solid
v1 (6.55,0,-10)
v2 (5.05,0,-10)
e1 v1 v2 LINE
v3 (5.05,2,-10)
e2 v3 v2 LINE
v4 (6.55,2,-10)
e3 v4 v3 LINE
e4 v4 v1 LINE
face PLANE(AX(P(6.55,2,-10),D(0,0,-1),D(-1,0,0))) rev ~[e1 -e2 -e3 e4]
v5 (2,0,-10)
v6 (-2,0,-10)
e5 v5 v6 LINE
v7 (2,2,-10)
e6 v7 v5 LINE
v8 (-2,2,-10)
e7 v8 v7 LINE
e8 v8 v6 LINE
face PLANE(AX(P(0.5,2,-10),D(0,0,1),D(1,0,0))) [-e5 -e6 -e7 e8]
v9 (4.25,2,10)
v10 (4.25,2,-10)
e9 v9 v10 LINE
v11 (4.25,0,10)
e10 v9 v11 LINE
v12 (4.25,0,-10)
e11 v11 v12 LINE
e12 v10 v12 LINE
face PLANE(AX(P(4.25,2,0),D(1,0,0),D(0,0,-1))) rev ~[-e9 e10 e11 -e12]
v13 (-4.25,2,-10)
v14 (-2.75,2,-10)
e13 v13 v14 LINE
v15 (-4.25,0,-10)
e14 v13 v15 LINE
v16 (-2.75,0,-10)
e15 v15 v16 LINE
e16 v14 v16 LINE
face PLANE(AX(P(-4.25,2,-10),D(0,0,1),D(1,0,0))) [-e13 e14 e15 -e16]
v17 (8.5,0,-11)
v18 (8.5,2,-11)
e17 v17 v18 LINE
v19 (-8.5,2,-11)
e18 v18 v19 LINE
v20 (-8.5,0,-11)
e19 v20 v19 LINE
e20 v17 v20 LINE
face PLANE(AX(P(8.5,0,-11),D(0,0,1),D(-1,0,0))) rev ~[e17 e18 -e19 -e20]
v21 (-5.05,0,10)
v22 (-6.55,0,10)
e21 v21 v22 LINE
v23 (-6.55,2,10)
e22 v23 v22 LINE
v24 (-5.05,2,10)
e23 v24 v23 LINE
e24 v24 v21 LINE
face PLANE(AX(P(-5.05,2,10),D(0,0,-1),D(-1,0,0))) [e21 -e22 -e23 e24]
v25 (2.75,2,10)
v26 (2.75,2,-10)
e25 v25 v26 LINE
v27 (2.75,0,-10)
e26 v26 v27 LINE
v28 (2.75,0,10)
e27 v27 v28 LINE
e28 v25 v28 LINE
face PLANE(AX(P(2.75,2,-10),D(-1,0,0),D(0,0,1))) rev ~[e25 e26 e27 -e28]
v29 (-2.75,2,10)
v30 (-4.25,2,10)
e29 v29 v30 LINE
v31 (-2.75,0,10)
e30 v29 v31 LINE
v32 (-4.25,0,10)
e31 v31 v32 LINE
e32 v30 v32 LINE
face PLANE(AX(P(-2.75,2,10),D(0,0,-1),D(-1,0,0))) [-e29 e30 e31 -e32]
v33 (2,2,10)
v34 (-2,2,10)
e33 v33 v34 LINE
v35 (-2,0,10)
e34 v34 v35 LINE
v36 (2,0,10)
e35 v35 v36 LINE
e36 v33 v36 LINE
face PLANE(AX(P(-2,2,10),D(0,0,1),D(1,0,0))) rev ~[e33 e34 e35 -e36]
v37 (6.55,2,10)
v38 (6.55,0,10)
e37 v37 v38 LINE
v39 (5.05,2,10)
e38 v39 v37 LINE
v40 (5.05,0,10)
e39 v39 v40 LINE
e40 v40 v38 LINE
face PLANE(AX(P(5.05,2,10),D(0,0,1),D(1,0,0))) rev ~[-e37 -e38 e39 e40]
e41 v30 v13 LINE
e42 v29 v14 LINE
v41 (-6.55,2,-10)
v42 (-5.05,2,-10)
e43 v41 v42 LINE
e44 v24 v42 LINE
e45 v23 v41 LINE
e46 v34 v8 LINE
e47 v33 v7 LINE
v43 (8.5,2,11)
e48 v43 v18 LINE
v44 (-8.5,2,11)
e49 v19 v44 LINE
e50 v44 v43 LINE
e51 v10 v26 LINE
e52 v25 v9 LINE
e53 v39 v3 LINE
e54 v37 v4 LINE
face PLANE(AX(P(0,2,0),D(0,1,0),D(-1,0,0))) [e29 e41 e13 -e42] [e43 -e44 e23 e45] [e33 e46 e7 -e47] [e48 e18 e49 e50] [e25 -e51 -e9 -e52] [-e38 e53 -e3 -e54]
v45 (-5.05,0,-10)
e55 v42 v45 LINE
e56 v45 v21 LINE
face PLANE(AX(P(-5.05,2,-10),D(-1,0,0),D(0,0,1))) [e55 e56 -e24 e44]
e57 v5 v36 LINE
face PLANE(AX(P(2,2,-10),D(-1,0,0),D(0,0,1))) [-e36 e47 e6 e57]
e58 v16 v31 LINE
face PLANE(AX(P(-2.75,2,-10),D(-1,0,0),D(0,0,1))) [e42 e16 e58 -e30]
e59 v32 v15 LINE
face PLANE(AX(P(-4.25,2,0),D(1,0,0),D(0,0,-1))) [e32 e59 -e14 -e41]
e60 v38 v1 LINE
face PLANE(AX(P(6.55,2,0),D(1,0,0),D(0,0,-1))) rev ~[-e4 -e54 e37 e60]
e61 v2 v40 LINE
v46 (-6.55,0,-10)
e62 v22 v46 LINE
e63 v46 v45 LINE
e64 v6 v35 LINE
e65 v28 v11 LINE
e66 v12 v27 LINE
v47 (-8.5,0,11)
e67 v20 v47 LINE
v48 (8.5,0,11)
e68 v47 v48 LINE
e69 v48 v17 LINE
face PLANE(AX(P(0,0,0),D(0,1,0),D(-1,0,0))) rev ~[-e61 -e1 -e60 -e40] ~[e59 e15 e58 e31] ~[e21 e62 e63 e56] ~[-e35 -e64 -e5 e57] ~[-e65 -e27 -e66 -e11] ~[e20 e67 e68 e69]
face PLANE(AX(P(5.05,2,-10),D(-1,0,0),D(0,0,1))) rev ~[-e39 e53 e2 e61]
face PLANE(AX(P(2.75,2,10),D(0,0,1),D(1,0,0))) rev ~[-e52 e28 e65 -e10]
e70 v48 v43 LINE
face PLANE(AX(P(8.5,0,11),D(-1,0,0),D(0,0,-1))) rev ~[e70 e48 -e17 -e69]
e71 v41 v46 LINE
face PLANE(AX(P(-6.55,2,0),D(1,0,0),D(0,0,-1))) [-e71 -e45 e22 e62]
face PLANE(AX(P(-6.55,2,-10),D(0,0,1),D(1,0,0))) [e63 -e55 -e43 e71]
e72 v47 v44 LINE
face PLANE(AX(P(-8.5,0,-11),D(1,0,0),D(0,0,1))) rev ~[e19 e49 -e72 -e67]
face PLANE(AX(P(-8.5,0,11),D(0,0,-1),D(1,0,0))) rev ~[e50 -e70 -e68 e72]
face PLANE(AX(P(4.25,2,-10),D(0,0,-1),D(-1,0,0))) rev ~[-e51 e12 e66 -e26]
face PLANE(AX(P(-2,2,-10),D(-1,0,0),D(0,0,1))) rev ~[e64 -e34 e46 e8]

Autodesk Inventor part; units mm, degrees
ref_plane "YZ Plane" through (0, 0, 0) normal (1, 0, 0) x (0, 1, 0)
ref_plane "XZ Plane" through (0, 0, 0) normal (0, 1, 0) x (-1, 0, 0)
ref_plane "XY Plane" through (0, 0, 0) normal (0, 0, 1) x (1, 0, 0)
sketch "Sketch1" plane through (0, 0, 0) normal (0, 1, 0) x (-1, 0, 0)
  line L0 (8.5, 11) -> (-8.5, 11)
  line L1 (-8.5, 11) -> (-8.5, -11)
  line L2 (-8.5, -11) -> (8.5, -11)
  line L3 (8.5, -11) -> (8.5, 11)
  line L4 (8.5, 11) -> (-8.5, -11) construction
  line L5 (-8.5, 11) -> (8.5, -11) construction
  point P0 (0, 0)
  dimension "d0" = 17
  dimension "d1" = 22
extrude "Body" add sketch "Sketch1" along normal blind 2
sketch "Sketch3" plane through (0, 2, 0) normal (0, 1, 0) x (1, 0, 0)
  line L0 (8.5, 11) -> (-8.5, 11) projected
  line L1 (0, 11) -> (0, -11)
  line L2 (-8.5, -11) -> (8.5, -11) projected
  line L3 (-2, -10) -> (-0.5, -10)
  line L4 (-0.5, -10) -> (-0.5, 10)
  line L5 (-0.5, 10) -> (-2, 10)
  line L6 (-2, 10) -> (-2, -10)
  line L7 (-2, -10) -> (-0.5, 10) construction
  line L8 (-0.5, -10) -> (-2, 10) construction
  line L9 (-4.25, 10) -> (-2.75, 10)
  line L10 (-2.75, 10) -> (-2.75, -10)
  line L11 (-2.75, -10) -> (-4.25, -10)
  line L12 (-4.25, -10) -> (-4.25, 10)
  line L13 (-4.25, 10) -> (-2.75, -10) construction
  line L14 (-2.75, 10) -> (-4.25, -10) construction
  line L15 (-8.5, 11) -> (-8.5, -11) projected
  line L16 (-8.5, 0) -> (8.5, 0)
  line L17 (-6.55, 10) -> (-5.05, 10)
  line L18 (-5.05, 10) -> (-5.05, -10)
  line L19 (-5.05, -10) -> (-6.55, -10)
  line L20 (-6.55, -10) -> (-6.55, 10)
  line L21 (-6.55, 10) -> (-5.05, -10) construction
  line L22 (-5.05, 10) -> (-6.55, -10) construction
  line L23 (2, -10) -> (0.5, -10)
  line L24 (0.5, -10) -> (0.5, 10)
  line L25 (0.5, 10) -> (2, 10)
  line L26 (2, 10) -> (2, -10)
  line L27 (2, -10) -> (0.5, 10) construction
  line L28 (0.5, -10) -> (2, 10) construction
  line L29 (4.25, 10) -> (2.75, 10)
  line L30 (2.75, 10) -> (2.75, -10)
  line L31 (2.75, -10) -> (4.25, -10)
  line L32 (4.25, -10) -> (4.25, 10)
  line L33 (4.25, 10) -> (2.75, -10) construction
  line L34 (2.75, 10) -> (4.25, -10) construction
  line L35 (6.55, 10) -> (5.05, 10)
  line L36 (5.05, 10) -> (5.05, -10)
  line L37 (5.05, -10) -> (6.55, -10)
  line L38 (6.55, -10) -> (6.55, 10)
  line L39 (6.55, 10) -> (5.05, -10) construction
  line L40 (5.05, 10) -> (6.55, -10) construction
  point P0 (0, 0)
  point P1 (-1.25, 0)
  point P2 (-3.5, 0)
  point P3 (-5.8, 0)
  point P4 (1.25, 0)
  point P5 (3.5, 0)
  point P6 (5.8, 0)
  dimension "d6" = 1.5
  dimension "d7" = 20
  dimension "d9" = 0.5
  dimension "d11" = 2.75
  dimension "d12" = 5.05
extrude "Rungs" cut sketch "Sketch3" against normal through all contours L36 L35 L38 L16 | L16 L38 L37 L36 | L30 L29 L32 L16 | L16 L32 L31 L30 | L24 L25 L26 L16 | L16 L26 L23 L24 | L16 L6 L5 L4 | L4 L3 L6 L16 | L20 L17 L18 L16 | L16 L18 L19 L20 | L16 L12 L9 L10 | L10 L11 L12 L16
sketch "Sketch4" plane through (0, 2, 0) normal (0, 1, 0) x (1, 0, 0)
  line L0 (0.5, -10) -> (0.5, 10) projected
  line L1 (-2, 10) -> (-0.5, 10) projected
  line L2 (0.5, -10) -> (-0.5, -10)
  line L3 (-0.5, -10) -> (-0.5, 10)
  line L4 (-0.5, 10) -> (0.5, 10)
  line L5 (0.5, 10) -> (0.5, -10)
  point P0 (0, 0)
extrude "Remove center rung" cut sketch "Sketch4" against normal through all
properties part number "jtd_tack_no_middle_20170113"
